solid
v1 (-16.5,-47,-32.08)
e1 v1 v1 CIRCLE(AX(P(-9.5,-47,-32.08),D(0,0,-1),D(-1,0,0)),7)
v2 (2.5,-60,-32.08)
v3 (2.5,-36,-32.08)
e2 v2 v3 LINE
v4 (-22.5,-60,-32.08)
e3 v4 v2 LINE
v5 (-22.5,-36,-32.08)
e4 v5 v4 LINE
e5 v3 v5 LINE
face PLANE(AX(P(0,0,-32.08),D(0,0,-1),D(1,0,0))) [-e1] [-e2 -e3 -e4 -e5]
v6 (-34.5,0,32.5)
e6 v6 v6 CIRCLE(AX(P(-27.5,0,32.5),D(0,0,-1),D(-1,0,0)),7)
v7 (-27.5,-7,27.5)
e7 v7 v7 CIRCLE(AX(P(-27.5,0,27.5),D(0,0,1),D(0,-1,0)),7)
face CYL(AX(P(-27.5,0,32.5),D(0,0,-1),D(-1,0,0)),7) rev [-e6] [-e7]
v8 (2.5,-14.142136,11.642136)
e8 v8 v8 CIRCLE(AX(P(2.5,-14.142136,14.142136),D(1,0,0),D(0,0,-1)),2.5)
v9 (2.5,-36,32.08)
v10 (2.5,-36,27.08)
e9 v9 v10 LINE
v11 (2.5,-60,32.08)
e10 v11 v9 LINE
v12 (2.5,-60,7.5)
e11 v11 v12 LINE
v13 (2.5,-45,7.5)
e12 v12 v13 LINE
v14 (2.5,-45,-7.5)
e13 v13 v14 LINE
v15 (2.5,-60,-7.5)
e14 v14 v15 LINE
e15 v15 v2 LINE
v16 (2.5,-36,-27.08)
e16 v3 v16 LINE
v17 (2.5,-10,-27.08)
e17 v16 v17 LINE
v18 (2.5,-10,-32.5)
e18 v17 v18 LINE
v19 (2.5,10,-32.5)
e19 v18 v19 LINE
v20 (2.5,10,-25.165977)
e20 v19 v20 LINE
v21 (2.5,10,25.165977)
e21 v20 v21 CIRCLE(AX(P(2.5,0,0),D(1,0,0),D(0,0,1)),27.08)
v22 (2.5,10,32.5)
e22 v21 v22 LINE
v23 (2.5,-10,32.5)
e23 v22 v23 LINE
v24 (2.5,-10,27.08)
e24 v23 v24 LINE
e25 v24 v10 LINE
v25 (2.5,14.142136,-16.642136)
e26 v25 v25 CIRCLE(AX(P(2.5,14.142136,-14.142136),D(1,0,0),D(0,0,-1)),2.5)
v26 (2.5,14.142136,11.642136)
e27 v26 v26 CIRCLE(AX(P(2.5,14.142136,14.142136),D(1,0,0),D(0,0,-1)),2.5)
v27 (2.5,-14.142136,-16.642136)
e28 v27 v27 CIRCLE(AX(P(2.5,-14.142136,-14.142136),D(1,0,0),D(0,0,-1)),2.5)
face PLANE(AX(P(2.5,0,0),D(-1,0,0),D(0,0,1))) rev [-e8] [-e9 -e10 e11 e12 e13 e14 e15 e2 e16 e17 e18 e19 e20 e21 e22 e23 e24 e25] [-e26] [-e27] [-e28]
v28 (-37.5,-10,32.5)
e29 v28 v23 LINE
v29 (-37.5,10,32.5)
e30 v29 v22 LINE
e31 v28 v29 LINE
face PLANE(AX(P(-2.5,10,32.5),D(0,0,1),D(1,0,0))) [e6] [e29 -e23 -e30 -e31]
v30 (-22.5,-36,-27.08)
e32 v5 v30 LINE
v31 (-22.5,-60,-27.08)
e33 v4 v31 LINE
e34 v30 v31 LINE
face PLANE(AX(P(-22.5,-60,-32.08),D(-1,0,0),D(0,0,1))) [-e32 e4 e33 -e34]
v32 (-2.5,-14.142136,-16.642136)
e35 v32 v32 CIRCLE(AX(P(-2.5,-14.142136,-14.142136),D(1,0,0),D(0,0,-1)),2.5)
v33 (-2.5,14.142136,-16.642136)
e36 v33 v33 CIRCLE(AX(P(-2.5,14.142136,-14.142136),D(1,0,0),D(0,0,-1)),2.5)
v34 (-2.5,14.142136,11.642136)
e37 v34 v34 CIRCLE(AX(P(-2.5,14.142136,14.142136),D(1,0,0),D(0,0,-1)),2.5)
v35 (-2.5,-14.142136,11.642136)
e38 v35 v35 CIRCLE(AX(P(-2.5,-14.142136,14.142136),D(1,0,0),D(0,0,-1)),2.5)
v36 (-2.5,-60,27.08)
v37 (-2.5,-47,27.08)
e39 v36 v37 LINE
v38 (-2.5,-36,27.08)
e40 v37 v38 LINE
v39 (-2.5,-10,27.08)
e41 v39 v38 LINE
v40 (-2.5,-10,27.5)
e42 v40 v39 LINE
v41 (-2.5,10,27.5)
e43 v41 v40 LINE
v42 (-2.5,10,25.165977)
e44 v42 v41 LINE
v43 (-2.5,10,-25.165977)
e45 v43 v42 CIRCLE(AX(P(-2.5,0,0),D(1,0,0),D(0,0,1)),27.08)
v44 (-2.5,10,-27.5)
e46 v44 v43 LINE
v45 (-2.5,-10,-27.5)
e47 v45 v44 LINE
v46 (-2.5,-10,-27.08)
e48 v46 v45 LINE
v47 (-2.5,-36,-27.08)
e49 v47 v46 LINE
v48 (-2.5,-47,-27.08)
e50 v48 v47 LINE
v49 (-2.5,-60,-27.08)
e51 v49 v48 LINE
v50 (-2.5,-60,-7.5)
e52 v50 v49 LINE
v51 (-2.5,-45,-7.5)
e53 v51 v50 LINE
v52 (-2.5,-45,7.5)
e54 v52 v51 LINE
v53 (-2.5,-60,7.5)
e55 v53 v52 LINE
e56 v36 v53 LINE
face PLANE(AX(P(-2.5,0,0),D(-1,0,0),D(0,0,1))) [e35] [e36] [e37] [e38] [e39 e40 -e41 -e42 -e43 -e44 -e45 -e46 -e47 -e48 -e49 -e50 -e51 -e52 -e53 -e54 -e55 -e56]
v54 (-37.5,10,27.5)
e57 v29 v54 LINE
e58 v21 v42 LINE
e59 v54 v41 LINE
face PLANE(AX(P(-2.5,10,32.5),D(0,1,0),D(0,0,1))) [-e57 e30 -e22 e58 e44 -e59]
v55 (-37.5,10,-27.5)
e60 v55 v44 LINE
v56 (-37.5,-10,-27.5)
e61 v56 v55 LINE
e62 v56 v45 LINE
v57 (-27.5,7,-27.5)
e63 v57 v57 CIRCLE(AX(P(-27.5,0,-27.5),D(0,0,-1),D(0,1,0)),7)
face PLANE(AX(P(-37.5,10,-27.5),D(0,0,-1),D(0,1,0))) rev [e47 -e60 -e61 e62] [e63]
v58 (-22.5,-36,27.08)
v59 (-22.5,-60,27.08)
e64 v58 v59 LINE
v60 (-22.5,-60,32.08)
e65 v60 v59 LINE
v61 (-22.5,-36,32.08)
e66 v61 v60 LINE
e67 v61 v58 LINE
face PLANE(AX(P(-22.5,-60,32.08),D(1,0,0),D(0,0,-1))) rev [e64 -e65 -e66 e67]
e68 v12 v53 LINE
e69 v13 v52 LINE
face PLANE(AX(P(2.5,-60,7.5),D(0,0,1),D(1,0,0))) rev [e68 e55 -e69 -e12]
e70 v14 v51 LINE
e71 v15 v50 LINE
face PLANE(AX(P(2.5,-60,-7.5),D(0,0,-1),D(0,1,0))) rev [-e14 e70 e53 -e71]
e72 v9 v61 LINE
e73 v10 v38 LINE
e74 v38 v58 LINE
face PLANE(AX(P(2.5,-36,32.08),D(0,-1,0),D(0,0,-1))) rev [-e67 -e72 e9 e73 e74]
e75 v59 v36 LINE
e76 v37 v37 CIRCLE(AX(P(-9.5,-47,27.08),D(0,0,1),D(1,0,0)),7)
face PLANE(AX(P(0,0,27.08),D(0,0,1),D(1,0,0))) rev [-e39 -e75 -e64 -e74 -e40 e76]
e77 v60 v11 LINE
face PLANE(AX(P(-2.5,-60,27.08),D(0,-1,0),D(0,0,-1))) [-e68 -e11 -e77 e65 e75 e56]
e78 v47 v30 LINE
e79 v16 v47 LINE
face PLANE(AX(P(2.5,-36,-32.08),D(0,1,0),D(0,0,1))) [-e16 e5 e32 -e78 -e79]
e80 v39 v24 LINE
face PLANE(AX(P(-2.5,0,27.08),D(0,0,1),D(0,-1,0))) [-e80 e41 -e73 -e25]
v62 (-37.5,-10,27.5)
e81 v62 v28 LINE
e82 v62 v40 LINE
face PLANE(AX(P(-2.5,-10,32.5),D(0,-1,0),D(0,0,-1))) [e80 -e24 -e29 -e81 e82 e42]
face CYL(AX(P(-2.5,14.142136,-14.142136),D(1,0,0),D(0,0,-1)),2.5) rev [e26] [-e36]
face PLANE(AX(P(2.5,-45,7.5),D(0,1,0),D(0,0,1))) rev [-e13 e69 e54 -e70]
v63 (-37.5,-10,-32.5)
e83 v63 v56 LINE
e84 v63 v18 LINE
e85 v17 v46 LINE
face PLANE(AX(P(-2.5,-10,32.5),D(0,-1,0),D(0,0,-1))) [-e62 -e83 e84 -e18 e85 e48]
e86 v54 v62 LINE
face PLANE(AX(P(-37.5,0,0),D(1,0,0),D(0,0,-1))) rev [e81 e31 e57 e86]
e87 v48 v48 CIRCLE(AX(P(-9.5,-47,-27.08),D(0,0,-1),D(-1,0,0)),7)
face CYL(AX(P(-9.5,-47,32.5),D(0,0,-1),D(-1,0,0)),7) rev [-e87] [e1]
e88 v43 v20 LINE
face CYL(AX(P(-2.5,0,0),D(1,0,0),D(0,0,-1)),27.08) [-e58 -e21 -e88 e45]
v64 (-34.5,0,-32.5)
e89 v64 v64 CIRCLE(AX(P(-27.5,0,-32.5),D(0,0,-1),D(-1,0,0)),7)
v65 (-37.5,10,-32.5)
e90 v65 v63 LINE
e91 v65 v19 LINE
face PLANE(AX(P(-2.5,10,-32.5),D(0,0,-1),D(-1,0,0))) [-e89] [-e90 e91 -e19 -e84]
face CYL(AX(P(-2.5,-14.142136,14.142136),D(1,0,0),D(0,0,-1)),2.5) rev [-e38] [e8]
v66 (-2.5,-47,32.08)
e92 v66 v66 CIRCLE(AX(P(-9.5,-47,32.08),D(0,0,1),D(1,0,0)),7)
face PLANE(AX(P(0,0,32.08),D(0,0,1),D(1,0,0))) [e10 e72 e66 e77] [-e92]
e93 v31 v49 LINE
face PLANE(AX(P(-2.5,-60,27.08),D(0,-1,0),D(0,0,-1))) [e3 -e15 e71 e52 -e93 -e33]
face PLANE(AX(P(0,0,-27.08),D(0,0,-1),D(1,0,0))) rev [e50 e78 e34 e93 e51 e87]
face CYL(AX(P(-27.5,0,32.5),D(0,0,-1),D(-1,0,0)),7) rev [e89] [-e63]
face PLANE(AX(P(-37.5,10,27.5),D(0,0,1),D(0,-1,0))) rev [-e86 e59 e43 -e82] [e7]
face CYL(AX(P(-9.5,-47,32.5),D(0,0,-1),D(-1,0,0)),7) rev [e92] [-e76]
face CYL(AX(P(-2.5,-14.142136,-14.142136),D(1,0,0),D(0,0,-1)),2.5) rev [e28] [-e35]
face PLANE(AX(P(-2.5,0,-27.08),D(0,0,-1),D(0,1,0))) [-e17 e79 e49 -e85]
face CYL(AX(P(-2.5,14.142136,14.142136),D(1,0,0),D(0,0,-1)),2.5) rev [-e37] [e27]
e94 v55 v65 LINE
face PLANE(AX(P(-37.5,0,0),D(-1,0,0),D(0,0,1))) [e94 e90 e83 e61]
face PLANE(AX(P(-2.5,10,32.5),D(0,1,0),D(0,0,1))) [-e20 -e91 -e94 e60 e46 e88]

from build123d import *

# Parameters (mm, degrees)
BOSS_EXTRUDE1_DEPTH      = 2.5
BOSS_EXTRUDE1_DEPTH_BACK = 2.5
SKETCH2_R                = 2.5
CUT_EXTRUDE1_DEPTH       = 67.01762189
BOSS_EXTRUDE2_DEPTH      = 2.5
BOSS_EXTRUDE2_DEPTH_BACK = 2.5
SKETCH3_W                = 65
SKETCH3_H                = 20
SKETCH5_W                = 5
SKETCH5_H                = 20
BOSS_EXTRUDE4_DEPTH      = 35
SKETCH6_R                = 7
CUT_EXTRUDE2_DEPTH       = 97.079394253
SKETCH7_W                = 15
SKETCH7_H                = 15
CUT_EXTRUDE3_DEPTH       = 77.689308251
SKETCH8_W                = 25
SKETCH8_H                = 24
BOSS_EXTRUDE5_DEPTH      = 5
CUT_EXTRUDE4_DEPTH       = 93.498791343
CUT_EXTRUDE4_DEPTH_BACK  = 93.498791343
SKETCH9_R                = 7


with BuildPart() as part:
    # Sketch1 → Boss-Extrude1 (new, two sides: drawn at the far end of the back side and taken through both)
    with BuildSketch(Plane(origin=(0, 0, 0), x_dir=(0, 0, -1), z_dir=(1, 0, 0)).offset(-BOSS_EXTRUDE1_DEPTH_BACK)):
        with BuildLine():
            Line((-27.08, 0), (-27.08, -60))
            Line((-27.08, -60), (27.08, -60))
            Line((27.08, -60), (27.08, 0))
            ThreePointArc((27.08, 0), (0, 27.08), (-27.08, 0))
        make_face()
    extrude(amount=BOSS_EXTRUDE1_DEPTH + BOSS_EXTRUDE1_DEPTH_BACK)

    # Sketch2 → Cut-Extrude1 (cut, through all)
    with BuildSketch(Plane(origin=(2.5, 0, 0), x_dir=(0, 0, -1), z_dir=(1, 0, 0))):
        with Locations((-14.142135624, 14.142135624)):
            Circle(SKETCH2_R)
        with Locations((14.142135624, 14.142135624)):
            Circle(SKETCH2_R)
        with Locations((14.142135624, -14.142135624)):
            Circle(SKETCH2_R)
        with Locations((-14.142135624, -14.142135624)):
            Circle(SKETCH2_R)
    extrude(amount=-CUT_EXTRUDE1_DEPTH, mode=Mode.SUBTRACT)

    # Sketch3 → Boss-Extrude2 (add, two sides: drawn at the far end of the back side and taken through both)
    with BuildSketch(Plane(origin=(0, 0, 0), x_dir=(0, 0, -1), z_dir=(1, 0, 0)).offset(-BOSS_EXTRUDE2_DEPTH_BACK)):
        Rectangle(SKETCH3_W, SKETCH3_H)
    extrude(amount=BOSS_EXTRUDE2_DEPTH + BOSS_EXTRUDE2_DEPTH_BACK)

    # Sketch5 → Boss-Extrude4 (add)
    with BuildSketch(Plane.ZY.offset(2.5)):
        with Locations((-30, 0)):
            Rectangle(SKETCH5_W, SKETCH5_H)
        with Locations((30, 0)):
            Rectangle(SKETCH5_W, SKETCH5_H)
    extrude(amount=BOSS_EXTRUDE4_DEPTH)

    # Sketch6 → Cut-Extrude2 (cut, through all)
    with BuildSketch(Plane(origin=(0, 0, -32.5), x_dir=(-1, 0, 0), z_dir=(0, 0, -1))):
        with Locations((27.5, 0)):
            Circle(SKETCH6_R)
    extrude(amount=-CUT_EXTRUDE2_DEPTH, mode=Mode.SUBTRACT)

    # Sketch7 → Cut-Extrude3 (cut, through all)
    with BuildSketch(Plane.ZY.offset(2.5)):
        with Locations((0, -52.5)):
            Rectangle(SKETCH7_W, SKETCH7_H)
    extrude(amount=-CUT_EXTRUDE3_DEPTH, mode=Mode.SUBTRACT)

    # Sketch8 → Boss-Extrude5 (add)
    with BuildSketch(Plane.XY.offset(27.08)):
        with Locations((-10, -48)):
            Rectangle(SKETCH8_W, SKETCH8_H)
    boss_extrude5 = extrude(amount=BOSS_EXTRUDE5_DEPTH)

    # Mirror1: Boss-Extrude5 across plane
    add(boss_extrude5.mirror(Plane.XY))

    # Sketch9 → Cut-Extrude4 (cut, two sides: drawn at the far end of the back side and taken through both)
    with BuildSketch(Plane(origin=(0, 0, 27.08), x_dir=(-1, 0, 0), z_dir=(0, 0, -1)).offset(-CUT_EXTRUDE4_DEPTH_BACK)):
        with Locations((9.5, -47)):
            Circle(SKETCH9_R)
    extrude(amount=CUT_EXTRUDE4_DEPTH + CUT_EXTRUDE4_DEPTH_BACK, mode=Mode.SUBTRACT)


solid = part.part
